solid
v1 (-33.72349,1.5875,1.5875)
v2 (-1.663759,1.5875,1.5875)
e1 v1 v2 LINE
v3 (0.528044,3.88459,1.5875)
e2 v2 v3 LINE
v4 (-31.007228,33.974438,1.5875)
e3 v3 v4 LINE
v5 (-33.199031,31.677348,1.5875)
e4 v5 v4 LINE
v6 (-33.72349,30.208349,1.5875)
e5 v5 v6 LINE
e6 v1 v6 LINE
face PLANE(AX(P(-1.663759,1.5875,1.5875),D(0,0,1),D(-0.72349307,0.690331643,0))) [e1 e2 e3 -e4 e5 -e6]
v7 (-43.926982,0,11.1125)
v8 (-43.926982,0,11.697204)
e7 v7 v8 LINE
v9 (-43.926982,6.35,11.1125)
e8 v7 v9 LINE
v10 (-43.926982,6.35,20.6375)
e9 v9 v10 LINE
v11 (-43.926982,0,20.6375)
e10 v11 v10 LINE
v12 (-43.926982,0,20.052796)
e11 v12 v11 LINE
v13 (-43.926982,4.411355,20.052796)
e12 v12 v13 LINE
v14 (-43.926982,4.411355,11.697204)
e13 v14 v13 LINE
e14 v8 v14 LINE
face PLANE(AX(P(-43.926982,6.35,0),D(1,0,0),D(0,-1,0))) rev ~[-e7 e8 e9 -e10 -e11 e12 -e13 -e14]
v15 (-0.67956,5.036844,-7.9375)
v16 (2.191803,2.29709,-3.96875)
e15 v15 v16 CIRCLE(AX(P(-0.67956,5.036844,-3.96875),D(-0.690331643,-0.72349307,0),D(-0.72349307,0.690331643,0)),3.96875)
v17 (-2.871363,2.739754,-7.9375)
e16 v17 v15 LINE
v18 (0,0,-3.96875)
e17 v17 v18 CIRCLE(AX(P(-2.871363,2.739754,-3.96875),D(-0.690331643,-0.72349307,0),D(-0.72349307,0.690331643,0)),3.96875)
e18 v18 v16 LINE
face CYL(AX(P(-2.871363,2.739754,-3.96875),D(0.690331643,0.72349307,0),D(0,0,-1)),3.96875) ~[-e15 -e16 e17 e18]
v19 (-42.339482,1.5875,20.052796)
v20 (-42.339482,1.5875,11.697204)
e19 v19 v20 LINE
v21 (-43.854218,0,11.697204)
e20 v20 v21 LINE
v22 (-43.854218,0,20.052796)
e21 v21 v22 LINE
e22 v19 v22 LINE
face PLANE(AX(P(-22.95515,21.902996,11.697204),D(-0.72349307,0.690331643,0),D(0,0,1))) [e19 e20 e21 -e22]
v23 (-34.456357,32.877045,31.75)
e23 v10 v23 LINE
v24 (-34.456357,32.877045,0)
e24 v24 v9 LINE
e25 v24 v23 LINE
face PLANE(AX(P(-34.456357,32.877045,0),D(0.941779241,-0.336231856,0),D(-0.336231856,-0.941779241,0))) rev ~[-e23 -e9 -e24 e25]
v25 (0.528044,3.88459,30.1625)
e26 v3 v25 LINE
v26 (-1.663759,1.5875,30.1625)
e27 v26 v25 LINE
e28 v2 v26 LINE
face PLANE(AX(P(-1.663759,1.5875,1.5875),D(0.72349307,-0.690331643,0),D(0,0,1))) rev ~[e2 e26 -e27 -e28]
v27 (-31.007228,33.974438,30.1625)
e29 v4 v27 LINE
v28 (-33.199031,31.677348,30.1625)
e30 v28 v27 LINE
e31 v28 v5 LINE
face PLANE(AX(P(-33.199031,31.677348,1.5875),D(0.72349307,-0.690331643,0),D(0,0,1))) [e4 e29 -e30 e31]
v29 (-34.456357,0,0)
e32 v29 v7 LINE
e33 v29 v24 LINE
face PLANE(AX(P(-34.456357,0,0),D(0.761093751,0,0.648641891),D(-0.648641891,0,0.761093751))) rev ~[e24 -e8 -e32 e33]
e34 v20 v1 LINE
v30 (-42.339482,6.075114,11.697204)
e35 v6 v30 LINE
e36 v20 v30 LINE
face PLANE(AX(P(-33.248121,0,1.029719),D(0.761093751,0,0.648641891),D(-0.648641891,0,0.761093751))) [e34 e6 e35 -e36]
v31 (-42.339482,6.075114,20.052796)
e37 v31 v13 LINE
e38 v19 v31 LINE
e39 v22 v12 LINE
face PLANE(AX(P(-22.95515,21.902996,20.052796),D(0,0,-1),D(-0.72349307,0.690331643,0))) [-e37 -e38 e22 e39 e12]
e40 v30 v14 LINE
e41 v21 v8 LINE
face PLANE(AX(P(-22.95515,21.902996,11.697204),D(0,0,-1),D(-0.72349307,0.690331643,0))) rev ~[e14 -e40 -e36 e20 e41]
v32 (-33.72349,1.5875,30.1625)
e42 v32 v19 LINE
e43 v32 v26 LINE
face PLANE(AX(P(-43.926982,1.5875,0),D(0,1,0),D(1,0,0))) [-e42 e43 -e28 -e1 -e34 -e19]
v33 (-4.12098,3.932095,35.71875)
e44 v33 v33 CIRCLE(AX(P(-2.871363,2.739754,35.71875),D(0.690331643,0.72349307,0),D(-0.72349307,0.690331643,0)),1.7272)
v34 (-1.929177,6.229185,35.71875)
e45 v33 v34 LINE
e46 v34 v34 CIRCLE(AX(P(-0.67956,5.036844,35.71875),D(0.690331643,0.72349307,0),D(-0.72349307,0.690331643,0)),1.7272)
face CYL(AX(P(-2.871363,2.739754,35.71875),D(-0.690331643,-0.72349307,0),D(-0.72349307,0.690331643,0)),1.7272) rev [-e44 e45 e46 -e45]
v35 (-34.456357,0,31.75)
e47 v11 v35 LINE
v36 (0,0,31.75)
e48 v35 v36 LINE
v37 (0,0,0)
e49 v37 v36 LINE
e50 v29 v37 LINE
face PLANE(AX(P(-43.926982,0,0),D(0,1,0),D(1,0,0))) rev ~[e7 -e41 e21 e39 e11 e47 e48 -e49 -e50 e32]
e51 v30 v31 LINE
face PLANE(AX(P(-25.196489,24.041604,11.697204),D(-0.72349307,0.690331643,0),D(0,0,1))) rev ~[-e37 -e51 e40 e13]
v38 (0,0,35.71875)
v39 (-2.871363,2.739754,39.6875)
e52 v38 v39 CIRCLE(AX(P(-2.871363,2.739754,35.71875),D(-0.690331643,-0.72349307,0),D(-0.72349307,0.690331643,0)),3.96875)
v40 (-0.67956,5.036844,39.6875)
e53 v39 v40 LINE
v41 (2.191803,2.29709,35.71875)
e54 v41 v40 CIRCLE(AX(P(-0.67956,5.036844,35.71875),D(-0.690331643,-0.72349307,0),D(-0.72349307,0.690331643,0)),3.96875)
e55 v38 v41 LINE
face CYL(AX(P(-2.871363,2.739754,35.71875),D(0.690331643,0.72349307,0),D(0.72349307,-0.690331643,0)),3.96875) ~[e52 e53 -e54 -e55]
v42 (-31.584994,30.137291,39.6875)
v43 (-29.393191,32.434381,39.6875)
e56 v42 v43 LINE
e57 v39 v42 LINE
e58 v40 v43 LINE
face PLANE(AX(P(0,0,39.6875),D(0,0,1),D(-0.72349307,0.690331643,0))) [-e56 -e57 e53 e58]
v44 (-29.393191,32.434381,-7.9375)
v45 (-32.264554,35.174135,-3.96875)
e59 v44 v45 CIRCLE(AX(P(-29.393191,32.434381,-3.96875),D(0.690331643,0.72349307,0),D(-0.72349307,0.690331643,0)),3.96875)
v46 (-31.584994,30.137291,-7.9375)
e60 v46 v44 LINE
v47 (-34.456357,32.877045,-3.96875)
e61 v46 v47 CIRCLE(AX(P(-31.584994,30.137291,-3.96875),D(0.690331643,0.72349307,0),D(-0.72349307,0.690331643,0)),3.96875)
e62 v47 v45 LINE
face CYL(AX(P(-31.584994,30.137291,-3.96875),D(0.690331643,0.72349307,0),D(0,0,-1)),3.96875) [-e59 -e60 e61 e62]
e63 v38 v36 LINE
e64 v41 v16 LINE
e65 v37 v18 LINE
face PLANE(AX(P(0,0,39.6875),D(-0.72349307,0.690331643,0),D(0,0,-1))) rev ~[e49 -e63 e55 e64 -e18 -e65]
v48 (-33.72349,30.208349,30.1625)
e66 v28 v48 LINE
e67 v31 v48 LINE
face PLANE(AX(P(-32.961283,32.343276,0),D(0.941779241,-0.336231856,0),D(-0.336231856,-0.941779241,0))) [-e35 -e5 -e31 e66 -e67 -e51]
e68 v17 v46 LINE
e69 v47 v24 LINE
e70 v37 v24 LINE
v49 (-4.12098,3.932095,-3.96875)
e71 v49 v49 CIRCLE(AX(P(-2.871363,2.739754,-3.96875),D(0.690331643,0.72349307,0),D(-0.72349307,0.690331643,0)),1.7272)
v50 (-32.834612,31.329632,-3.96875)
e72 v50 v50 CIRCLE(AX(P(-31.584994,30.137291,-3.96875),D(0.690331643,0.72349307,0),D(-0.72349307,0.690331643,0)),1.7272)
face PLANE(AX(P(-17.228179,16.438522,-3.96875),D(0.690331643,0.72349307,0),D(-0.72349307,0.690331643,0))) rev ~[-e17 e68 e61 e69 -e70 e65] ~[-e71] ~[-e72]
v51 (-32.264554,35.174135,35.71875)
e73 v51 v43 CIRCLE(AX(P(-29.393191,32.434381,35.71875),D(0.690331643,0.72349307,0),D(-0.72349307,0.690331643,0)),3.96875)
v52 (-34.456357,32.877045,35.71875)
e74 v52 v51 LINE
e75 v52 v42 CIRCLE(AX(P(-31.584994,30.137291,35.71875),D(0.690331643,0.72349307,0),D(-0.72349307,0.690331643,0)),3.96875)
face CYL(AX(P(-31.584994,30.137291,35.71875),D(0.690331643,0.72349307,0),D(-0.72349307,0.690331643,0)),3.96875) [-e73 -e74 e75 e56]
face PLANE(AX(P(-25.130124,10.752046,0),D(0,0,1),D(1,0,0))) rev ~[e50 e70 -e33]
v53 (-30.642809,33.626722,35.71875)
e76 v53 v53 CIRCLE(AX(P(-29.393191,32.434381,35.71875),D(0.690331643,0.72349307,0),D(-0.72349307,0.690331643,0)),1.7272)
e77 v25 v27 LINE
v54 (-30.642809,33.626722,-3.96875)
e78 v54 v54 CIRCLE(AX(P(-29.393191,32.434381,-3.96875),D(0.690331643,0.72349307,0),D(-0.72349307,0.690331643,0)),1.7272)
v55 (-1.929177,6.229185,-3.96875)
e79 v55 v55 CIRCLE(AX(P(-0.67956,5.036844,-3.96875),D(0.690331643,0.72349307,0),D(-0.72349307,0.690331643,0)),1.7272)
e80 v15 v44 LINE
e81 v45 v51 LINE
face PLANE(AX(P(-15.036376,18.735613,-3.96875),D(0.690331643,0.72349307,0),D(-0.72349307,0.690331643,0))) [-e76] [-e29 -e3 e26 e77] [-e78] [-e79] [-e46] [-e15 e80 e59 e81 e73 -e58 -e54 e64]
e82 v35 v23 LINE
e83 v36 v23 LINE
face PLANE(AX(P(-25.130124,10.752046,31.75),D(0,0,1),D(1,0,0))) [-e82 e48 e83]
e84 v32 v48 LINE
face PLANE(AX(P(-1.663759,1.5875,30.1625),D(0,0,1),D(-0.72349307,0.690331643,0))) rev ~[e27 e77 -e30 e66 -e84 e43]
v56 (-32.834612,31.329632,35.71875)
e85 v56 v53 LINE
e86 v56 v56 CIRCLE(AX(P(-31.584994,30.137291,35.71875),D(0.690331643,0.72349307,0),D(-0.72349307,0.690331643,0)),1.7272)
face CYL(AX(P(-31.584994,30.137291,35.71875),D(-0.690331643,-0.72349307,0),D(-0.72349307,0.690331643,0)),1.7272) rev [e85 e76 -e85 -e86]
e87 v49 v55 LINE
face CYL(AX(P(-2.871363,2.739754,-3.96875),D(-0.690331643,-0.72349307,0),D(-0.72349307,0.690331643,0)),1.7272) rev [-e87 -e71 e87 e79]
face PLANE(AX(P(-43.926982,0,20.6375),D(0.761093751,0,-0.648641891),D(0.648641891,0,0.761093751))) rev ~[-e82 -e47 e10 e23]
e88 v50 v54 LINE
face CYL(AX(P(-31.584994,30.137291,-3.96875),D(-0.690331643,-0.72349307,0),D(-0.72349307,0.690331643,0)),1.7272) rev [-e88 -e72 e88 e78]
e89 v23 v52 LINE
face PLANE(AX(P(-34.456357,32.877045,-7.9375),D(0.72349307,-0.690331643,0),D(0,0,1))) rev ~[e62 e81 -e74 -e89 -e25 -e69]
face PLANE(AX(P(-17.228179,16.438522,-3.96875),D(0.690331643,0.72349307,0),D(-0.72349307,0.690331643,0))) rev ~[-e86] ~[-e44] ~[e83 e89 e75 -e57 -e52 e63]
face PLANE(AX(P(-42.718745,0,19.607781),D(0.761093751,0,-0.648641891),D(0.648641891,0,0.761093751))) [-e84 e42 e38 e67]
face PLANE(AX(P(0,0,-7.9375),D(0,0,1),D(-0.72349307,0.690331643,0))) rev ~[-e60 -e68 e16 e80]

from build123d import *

# Parameters (mm, degrees)
F1_DEPTH = 31.75
F3_DEPTH = 33.8770445158
F4_T     = -1.5875
F5_W     = 3.0979418965
F5_H     = 8.3555914986
F6_DEPTH = 31.3793581519
F7_W     = 47.625
F7_H     = 7.9375
F7_R     = 1.7272
F7_H_2   = 31.75
F7_W_2   = 43.5875253129
F7_H_3   = 28.575
F8_DEPTH = 3.175
F9_R     = 3.96875


with BuildPart() as f1:
    # F0 (on Top) → F1 (new body)
    with BuildSketch(Plane.XY):
        Polygon((-43.9269818101, 0), (0, 0), (-34.4563574527, 32.8770445158), (-43.9269818101, 6.35), align=None)
    extrude(amount=F1_DEPTH)

    # F2 (on face) → F3 (cut, up to face)
    with BuildSketch(Plane.XZ):
        Polygon((-43.9269818101, 11.1125), (-43.9269818101, 0), (-34.4563574527, 0), align=None)
        Polygon((-34.4563574527, 31.75), (-43.9269818101, 31.75), (-43.9269818101, 20.6375), align=None)
    extrude(amount=-F3_DEPTH, mode=Mode.SUBTRACT)

    # F4
    f4_openings = [f1.faces().sort_by_distance(p)[0] for p in [
        (-17.228179, 16.438522, 15.875),
    ]]
    offset(amount=F4_T, openings=f4_openings)

    # F5 (on face) → F6 (cut, up to face)
    with BuildSketch(Plane(origin=(0, 0, 0), x_dir=(-0.7234930699, 0.6903316434, 0), z_dir=(0.6903316434, 0.7234930699, 0))):
        with Locations((33.2771941037, 15.875)):
            Rectangle(F5_W, F5_H)
    extrude(amount=-F6_DEPTH, mode=Mode.SUBTRACT)

    # F7 (on face) → F8 (join)
    with BuildSketch(Plane(origin=(0, 0, 0), x_dir=(-0.7234930699, 0.6903316434, 0), z_dir=(0.6903316434, 0.7234930699, 0))):
        with Locations((23.8125, -3.96875)):
            Rectangle(F7_W, F7_H)
        with Locations((3.96875, -3.96875)):
            Circle(F7_R, mode=Mode.SUBTRACT)
        with Locations((43.65625, -3.96875)):
            Circle(F7_R, mode=Mode.SUBTRACT)
        with Locations((23.8125, 35.71875)):
            Rectangle(F7_W, F7_H)
        with Locations((3.96875, 35.71875)):
            Circle(F7_R, mode=Mode.SUBTRACT)
        with Locations((43.65625, 35.71875)):
            Circle(F7_R, mode=Mode.SUBTRACT)
        with Locations((23.8125, 15.875)):
            Rectangle(F7_W, F7_H_2)
        with Locations((24.0933819992, 15.875)):
            Rectangle(F7_W_2, F7_H_3, mode=Mode.SUBTRACT)
    extrude(amount=F8_DEPTH)

    # F9
    f9_edges = [f1.edges().sort_by_distance(p)[0] for p in [
        (-33.360456, 34.02559, -7.9375),
        (1.095901, 1.148545, -7.9375),
        (-33.360456, 34.02559, 39.6875),
        (1.095901, 1.148545, 39.6875),
    ]]
    fillet(f9_edges, radius=F9_R)


solid = f1.part
